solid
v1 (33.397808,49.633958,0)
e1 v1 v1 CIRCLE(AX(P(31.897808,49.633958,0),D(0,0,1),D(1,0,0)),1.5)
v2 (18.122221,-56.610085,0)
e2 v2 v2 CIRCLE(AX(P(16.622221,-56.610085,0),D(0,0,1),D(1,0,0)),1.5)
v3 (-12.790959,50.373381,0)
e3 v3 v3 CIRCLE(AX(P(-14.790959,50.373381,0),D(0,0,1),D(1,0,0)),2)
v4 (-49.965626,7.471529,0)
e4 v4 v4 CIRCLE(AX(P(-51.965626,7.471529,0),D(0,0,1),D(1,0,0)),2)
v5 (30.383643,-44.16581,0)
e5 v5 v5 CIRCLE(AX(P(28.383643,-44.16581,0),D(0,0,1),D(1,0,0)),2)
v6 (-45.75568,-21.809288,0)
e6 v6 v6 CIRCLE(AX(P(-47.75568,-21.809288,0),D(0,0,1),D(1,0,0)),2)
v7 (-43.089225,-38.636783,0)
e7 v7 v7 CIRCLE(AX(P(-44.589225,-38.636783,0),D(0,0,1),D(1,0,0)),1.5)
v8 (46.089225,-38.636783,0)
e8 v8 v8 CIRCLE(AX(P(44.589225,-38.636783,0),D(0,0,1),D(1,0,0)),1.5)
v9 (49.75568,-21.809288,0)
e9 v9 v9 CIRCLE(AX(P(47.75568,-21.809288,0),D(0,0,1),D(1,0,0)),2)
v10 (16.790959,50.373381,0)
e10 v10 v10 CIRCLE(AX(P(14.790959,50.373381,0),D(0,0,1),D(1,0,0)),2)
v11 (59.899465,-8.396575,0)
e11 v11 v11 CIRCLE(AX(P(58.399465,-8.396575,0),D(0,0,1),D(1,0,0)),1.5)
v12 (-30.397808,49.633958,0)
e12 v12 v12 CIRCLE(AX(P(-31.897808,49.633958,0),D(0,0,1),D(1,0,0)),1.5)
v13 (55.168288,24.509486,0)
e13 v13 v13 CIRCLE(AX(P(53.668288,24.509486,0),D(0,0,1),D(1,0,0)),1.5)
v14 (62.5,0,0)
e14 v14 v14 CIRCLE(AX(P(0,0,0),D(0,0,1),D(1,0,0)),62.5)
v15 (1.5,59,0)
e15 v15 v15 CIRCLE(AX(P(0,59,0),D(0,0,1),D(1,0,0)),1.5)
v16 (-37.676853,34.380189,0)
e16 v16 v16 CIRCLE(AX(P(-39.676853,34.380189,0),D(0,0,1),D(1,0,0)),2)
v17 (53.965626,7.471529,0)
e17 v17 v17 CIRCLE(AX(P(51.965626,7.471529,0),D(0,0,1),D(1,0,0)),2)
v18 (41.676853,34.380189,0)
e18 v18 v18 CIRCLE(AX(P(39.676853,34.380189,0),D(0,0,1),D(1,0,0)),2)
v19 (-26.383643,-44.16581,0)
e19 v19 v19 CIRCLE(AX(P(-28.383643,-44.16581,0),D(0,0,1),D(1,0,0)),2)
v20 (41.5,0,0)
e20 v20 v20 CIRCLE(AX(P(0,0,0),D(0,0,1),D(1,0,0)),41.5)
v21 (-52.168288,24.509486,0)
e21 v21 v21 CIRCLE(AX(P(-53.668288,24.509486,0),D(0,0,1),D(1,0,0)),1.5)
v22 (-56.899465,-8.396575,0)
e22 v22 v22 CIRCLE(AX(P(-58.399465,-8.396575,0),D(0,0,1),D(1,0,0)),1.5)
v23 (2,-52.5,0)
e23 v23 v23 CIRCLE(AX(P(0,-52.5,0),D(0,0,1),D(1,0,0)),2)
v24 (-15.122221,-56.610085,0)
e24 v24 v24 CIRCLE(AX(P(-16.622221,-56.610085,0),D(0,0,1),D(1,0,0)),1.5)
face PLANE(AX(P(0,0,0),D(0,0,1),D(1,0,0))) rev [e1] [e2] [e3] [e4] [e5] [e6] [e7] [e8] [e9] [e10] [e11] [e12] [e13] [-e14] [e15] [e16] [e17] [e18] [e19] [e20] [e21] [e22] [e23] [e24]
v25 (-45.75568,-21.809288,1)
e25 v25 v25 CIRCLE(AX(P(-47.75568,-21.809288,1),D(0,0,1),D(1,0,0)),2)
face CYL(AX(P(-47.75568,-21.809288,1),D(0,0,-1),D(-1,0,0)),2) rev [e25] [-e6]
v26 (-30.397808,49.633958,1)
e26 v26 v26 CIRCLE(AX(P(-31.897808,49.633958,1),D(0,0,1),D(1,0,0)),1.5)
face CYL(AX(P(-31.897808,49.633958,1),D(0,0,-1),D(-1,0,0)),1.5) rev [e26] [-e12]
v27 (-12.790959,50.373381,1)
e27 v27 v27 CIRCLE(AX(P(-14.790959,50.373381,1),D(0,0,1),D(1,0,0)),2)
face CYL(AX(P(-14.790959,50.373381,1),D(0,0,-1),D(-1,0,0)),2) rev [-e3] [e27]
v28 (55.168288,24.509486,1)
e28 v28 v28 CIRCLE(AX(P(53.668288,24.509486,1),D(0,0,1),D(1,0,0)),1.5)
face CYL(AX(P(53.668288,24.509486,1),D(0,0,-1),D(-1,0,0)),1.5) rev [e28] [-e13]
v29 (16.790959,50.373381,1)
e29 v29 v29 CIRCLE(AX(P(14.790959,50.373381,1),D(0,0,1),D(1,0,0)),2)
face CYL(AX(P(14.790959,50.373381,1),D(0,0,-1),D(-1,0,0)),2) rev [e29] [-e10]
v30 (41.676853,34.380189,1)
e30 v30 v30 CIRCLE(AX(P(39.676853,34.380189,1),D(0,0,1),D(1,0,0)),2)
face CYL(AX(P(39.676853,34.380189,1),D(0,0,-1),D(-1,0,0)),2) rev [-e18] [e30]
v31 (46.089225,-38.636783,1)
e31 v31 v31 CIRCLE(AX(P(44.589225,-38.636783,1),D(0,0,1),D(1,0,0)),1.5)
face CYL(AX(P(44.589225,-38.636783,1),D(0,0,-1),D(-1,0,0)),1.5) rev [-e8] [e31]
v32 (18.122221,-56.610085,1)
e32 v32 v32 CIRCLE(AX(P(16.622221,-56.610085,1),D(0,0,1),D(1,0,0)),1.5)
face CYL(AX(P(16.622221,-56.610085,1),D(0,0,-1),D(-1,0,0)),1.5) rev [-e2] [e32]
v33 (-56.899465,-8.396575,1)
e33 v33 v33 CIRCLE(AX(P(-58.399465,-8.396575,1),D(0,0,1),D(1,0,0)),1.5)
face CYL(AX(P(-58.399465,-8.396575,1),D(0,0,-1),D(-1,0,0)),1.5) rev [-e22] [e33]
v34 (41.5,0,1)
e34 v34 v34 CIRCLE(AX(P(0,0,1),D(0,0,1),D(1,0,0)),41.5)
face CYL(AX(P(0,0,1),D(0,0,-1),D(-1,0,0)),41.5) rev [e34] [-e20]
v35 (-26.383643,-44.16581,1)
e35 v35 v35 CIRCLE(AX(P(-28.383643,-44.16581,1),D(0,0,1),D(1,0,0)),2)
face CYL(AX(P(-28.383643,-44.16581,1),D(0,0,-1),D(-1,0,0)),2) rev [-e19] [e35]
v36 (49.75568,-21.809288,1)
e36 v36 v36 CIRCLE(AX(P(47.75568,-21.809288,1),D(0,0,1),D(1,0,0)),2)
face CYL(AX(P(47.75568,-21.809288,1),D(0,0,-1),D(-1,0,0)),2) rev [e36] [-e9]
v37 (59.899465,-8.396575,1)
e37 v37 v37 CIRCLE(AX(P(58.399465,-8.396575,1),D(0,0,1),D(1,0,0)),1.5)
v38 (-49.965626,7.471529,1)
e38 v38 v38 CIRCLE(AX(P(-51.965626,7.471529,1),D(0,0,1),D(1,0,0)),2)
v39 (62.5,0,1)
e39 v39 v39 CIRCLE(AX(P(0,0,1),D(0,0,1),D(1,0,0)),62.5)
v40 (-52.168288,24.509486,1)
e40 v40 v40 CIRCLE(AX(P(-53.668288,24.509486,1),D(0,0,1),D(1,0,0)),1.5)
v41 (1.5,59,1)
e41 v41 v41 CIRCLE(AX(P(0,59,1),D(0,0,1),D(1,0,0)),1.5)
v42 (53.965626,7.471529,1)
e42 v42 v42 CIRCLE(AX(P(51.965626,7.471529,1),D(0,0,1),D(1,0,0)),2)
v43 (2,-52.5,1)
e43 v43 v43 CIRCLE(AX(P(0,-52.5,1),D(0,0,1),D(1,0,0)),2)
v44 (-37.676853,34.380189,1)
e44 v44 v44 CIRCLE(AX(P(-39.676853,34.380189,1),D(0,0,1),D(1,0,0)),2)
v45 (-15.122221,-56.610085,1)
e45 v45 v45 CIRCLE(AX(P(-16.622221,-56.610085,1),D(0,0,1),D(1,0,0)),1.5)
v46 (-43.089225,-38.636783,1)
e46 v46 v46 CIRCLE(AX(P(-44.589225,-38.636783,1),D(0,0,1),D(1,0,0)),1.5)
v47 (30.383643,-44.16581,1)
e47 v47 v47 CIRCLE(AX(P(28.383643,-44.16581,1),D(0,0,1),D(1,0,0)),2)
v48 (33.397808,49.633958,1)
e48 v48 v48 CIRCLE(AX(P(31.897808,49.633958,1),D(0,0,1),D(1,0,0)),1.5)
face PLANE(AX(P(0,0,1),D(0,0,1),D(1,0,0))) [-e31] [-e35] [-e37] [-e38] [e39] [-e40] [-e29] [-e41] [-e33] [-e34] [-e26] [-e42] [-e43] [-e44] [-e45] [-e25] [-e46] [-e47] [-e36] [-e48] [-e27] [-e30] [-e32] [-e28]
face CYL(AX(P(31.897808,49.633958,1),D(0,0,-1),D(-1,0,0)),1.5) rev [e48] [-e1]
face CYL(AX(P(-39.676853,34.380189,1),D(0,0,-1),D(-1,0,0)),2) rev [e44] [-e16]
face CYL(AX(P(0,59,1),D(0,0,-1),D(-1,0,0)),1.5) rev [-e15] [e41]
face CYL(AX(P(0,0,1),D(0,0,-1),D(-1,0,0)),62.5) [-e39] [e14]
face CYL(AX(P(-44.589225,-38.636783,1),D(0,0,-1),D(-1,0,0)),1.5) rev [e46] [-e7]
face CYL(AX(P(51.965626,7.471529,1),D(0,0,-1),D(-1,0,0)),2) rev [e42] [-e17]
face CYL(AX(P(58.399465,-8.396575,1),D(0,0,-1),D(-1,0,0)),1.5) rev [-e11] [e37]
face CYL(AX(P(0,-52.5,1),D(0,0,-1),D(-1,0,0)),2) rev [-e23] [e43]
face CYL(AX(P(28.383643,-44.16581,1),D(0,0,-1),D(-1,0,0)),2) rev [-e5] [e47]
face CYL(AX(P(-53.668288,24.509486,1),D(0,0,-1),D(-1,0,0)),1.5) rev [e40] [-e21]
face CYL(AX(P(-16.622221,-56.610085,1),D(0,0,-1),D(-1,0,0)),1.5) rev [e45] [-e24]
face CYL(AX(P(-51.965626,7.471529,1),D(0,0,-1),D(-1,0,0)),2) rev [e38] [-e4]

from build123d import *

# Parameters (mm, degrees)
SKETCH_1_R      = 62.5
SKETCH_1_R_2    = 41.5
SKETCH_1_R_3    = 2
SKETCH_1_R_4    = 1.5
EXTRUDE_1_DEPTH = 1


with BuildPart() as part:
    # 草图1 → 凸台-拉伸1 (new body)
    with BuildSketch(Plane.XY):
        Circle(SKETCH_1_R)
        Circle(SKETCH_1_R_2, mode=Mode.SUBTRACT)
        with Locations((0, -52.5)):
            Circle(SKETCH_1_R_3, mode=Mode.SUBTRACT)
        with Locations((-28.383642916, -44.165810474)):
            Circle(SKETCH_1_R_3, mode=Mode.SUBTRACT)
        with Locations((-47.755679756, -21.809288183)):
            Circle(SKETCH_1_R_3, mode=Mode.SUBTRACT)
        with Locations((-51.965625699, 7.471529009)):
            Circle(SKETCH_1_R_3, mode=Mode.SUBTRACT)
        with Locations((-39.676852654, 34.380188532)):
            Circle(SKETCH_1_R_3, mode=Mode.SUBTRACT)
        with Locations((-14.790959234, 50.373381115)):
            Circle(SKETCH_1_R_3, mode=Mode.SUBTRACT)
        with Locations((14.790959234, 50.373381115)):
            Circle(SKETCH_1_R_3, mode=Mode.SUBTRACT)
        with Locations((39.676852654, 34.380188532)):
            Circle(SKETCH_1_R_3, mode=Mode.SUBTRACT)
        with Locations((51.965625699, 7.471529009)):
            Circle(SKETCH_1_R_3, mode=Mode.SUBTRACT)
        with Locations((47.755679756, -21.809288183)):
            Circle(SKETCH_1_R_3, mode=Mode.SUBTRACT)
        with Locations((28.383642916, -44.165810474)):
            Circle(SKETCH_1_R_3, mode=Mode.SUBTRACT)
        with Locations((-16.622220854, -56.610085443)):
            Circle(SKETCH_1_R_4, mode=Mode.SUBTRACT)
        with Locations((-44.589224887, -38.636783303)):
            Circle(SKETCH_1_R_4, mode=Mode.SUBTRACT)
        with Locations((-58.399465071, -8.396575458)):
            Circle(SKETCH_1_R_4, mode=Mode.SUBTRACT)
        with Locations((-53.668287726, 24.509485767)):
            Circle(SKETCH_1_R_4, mode=Mode.SUBTRACT)
        with Locations((-31.89780823, 49.633958437)):
            Circle(SKETCH_1_R_4, mode=Mode.SUBTRACT)
        with Locations((0, 59)):
            Circle(SKETCH_1_R_4, mode=Mode.SUBTRACT)
        with Locations((31.89780823, 49.633958437)):
            Circle(SKETCH_1_R_4, mode=Mode.SUBTRACT)
        with Locations((53.668287726, 24.509485767)):
            Circle(SKETCH_1_R_4, mode=Mode.SUBTRACT)
        with Locations((58.399465071, -8.396575458)):
            Circle(SKETCH_1_R_4, mode=Mode.SUBTRACT)
        with Locations((44.589224887, -38.636783303)):
            Circle(SKETCH_1_R_4, mode=Mode.SUBTRACT)
        with Locations((16.622220854, -56.610085443)):
            Circle(SKETCH_1_R_4, mode=Mode.SUBTRACT)
    extrude(amount=EXTRUDE_1_DEPTH)


solid = part.part
